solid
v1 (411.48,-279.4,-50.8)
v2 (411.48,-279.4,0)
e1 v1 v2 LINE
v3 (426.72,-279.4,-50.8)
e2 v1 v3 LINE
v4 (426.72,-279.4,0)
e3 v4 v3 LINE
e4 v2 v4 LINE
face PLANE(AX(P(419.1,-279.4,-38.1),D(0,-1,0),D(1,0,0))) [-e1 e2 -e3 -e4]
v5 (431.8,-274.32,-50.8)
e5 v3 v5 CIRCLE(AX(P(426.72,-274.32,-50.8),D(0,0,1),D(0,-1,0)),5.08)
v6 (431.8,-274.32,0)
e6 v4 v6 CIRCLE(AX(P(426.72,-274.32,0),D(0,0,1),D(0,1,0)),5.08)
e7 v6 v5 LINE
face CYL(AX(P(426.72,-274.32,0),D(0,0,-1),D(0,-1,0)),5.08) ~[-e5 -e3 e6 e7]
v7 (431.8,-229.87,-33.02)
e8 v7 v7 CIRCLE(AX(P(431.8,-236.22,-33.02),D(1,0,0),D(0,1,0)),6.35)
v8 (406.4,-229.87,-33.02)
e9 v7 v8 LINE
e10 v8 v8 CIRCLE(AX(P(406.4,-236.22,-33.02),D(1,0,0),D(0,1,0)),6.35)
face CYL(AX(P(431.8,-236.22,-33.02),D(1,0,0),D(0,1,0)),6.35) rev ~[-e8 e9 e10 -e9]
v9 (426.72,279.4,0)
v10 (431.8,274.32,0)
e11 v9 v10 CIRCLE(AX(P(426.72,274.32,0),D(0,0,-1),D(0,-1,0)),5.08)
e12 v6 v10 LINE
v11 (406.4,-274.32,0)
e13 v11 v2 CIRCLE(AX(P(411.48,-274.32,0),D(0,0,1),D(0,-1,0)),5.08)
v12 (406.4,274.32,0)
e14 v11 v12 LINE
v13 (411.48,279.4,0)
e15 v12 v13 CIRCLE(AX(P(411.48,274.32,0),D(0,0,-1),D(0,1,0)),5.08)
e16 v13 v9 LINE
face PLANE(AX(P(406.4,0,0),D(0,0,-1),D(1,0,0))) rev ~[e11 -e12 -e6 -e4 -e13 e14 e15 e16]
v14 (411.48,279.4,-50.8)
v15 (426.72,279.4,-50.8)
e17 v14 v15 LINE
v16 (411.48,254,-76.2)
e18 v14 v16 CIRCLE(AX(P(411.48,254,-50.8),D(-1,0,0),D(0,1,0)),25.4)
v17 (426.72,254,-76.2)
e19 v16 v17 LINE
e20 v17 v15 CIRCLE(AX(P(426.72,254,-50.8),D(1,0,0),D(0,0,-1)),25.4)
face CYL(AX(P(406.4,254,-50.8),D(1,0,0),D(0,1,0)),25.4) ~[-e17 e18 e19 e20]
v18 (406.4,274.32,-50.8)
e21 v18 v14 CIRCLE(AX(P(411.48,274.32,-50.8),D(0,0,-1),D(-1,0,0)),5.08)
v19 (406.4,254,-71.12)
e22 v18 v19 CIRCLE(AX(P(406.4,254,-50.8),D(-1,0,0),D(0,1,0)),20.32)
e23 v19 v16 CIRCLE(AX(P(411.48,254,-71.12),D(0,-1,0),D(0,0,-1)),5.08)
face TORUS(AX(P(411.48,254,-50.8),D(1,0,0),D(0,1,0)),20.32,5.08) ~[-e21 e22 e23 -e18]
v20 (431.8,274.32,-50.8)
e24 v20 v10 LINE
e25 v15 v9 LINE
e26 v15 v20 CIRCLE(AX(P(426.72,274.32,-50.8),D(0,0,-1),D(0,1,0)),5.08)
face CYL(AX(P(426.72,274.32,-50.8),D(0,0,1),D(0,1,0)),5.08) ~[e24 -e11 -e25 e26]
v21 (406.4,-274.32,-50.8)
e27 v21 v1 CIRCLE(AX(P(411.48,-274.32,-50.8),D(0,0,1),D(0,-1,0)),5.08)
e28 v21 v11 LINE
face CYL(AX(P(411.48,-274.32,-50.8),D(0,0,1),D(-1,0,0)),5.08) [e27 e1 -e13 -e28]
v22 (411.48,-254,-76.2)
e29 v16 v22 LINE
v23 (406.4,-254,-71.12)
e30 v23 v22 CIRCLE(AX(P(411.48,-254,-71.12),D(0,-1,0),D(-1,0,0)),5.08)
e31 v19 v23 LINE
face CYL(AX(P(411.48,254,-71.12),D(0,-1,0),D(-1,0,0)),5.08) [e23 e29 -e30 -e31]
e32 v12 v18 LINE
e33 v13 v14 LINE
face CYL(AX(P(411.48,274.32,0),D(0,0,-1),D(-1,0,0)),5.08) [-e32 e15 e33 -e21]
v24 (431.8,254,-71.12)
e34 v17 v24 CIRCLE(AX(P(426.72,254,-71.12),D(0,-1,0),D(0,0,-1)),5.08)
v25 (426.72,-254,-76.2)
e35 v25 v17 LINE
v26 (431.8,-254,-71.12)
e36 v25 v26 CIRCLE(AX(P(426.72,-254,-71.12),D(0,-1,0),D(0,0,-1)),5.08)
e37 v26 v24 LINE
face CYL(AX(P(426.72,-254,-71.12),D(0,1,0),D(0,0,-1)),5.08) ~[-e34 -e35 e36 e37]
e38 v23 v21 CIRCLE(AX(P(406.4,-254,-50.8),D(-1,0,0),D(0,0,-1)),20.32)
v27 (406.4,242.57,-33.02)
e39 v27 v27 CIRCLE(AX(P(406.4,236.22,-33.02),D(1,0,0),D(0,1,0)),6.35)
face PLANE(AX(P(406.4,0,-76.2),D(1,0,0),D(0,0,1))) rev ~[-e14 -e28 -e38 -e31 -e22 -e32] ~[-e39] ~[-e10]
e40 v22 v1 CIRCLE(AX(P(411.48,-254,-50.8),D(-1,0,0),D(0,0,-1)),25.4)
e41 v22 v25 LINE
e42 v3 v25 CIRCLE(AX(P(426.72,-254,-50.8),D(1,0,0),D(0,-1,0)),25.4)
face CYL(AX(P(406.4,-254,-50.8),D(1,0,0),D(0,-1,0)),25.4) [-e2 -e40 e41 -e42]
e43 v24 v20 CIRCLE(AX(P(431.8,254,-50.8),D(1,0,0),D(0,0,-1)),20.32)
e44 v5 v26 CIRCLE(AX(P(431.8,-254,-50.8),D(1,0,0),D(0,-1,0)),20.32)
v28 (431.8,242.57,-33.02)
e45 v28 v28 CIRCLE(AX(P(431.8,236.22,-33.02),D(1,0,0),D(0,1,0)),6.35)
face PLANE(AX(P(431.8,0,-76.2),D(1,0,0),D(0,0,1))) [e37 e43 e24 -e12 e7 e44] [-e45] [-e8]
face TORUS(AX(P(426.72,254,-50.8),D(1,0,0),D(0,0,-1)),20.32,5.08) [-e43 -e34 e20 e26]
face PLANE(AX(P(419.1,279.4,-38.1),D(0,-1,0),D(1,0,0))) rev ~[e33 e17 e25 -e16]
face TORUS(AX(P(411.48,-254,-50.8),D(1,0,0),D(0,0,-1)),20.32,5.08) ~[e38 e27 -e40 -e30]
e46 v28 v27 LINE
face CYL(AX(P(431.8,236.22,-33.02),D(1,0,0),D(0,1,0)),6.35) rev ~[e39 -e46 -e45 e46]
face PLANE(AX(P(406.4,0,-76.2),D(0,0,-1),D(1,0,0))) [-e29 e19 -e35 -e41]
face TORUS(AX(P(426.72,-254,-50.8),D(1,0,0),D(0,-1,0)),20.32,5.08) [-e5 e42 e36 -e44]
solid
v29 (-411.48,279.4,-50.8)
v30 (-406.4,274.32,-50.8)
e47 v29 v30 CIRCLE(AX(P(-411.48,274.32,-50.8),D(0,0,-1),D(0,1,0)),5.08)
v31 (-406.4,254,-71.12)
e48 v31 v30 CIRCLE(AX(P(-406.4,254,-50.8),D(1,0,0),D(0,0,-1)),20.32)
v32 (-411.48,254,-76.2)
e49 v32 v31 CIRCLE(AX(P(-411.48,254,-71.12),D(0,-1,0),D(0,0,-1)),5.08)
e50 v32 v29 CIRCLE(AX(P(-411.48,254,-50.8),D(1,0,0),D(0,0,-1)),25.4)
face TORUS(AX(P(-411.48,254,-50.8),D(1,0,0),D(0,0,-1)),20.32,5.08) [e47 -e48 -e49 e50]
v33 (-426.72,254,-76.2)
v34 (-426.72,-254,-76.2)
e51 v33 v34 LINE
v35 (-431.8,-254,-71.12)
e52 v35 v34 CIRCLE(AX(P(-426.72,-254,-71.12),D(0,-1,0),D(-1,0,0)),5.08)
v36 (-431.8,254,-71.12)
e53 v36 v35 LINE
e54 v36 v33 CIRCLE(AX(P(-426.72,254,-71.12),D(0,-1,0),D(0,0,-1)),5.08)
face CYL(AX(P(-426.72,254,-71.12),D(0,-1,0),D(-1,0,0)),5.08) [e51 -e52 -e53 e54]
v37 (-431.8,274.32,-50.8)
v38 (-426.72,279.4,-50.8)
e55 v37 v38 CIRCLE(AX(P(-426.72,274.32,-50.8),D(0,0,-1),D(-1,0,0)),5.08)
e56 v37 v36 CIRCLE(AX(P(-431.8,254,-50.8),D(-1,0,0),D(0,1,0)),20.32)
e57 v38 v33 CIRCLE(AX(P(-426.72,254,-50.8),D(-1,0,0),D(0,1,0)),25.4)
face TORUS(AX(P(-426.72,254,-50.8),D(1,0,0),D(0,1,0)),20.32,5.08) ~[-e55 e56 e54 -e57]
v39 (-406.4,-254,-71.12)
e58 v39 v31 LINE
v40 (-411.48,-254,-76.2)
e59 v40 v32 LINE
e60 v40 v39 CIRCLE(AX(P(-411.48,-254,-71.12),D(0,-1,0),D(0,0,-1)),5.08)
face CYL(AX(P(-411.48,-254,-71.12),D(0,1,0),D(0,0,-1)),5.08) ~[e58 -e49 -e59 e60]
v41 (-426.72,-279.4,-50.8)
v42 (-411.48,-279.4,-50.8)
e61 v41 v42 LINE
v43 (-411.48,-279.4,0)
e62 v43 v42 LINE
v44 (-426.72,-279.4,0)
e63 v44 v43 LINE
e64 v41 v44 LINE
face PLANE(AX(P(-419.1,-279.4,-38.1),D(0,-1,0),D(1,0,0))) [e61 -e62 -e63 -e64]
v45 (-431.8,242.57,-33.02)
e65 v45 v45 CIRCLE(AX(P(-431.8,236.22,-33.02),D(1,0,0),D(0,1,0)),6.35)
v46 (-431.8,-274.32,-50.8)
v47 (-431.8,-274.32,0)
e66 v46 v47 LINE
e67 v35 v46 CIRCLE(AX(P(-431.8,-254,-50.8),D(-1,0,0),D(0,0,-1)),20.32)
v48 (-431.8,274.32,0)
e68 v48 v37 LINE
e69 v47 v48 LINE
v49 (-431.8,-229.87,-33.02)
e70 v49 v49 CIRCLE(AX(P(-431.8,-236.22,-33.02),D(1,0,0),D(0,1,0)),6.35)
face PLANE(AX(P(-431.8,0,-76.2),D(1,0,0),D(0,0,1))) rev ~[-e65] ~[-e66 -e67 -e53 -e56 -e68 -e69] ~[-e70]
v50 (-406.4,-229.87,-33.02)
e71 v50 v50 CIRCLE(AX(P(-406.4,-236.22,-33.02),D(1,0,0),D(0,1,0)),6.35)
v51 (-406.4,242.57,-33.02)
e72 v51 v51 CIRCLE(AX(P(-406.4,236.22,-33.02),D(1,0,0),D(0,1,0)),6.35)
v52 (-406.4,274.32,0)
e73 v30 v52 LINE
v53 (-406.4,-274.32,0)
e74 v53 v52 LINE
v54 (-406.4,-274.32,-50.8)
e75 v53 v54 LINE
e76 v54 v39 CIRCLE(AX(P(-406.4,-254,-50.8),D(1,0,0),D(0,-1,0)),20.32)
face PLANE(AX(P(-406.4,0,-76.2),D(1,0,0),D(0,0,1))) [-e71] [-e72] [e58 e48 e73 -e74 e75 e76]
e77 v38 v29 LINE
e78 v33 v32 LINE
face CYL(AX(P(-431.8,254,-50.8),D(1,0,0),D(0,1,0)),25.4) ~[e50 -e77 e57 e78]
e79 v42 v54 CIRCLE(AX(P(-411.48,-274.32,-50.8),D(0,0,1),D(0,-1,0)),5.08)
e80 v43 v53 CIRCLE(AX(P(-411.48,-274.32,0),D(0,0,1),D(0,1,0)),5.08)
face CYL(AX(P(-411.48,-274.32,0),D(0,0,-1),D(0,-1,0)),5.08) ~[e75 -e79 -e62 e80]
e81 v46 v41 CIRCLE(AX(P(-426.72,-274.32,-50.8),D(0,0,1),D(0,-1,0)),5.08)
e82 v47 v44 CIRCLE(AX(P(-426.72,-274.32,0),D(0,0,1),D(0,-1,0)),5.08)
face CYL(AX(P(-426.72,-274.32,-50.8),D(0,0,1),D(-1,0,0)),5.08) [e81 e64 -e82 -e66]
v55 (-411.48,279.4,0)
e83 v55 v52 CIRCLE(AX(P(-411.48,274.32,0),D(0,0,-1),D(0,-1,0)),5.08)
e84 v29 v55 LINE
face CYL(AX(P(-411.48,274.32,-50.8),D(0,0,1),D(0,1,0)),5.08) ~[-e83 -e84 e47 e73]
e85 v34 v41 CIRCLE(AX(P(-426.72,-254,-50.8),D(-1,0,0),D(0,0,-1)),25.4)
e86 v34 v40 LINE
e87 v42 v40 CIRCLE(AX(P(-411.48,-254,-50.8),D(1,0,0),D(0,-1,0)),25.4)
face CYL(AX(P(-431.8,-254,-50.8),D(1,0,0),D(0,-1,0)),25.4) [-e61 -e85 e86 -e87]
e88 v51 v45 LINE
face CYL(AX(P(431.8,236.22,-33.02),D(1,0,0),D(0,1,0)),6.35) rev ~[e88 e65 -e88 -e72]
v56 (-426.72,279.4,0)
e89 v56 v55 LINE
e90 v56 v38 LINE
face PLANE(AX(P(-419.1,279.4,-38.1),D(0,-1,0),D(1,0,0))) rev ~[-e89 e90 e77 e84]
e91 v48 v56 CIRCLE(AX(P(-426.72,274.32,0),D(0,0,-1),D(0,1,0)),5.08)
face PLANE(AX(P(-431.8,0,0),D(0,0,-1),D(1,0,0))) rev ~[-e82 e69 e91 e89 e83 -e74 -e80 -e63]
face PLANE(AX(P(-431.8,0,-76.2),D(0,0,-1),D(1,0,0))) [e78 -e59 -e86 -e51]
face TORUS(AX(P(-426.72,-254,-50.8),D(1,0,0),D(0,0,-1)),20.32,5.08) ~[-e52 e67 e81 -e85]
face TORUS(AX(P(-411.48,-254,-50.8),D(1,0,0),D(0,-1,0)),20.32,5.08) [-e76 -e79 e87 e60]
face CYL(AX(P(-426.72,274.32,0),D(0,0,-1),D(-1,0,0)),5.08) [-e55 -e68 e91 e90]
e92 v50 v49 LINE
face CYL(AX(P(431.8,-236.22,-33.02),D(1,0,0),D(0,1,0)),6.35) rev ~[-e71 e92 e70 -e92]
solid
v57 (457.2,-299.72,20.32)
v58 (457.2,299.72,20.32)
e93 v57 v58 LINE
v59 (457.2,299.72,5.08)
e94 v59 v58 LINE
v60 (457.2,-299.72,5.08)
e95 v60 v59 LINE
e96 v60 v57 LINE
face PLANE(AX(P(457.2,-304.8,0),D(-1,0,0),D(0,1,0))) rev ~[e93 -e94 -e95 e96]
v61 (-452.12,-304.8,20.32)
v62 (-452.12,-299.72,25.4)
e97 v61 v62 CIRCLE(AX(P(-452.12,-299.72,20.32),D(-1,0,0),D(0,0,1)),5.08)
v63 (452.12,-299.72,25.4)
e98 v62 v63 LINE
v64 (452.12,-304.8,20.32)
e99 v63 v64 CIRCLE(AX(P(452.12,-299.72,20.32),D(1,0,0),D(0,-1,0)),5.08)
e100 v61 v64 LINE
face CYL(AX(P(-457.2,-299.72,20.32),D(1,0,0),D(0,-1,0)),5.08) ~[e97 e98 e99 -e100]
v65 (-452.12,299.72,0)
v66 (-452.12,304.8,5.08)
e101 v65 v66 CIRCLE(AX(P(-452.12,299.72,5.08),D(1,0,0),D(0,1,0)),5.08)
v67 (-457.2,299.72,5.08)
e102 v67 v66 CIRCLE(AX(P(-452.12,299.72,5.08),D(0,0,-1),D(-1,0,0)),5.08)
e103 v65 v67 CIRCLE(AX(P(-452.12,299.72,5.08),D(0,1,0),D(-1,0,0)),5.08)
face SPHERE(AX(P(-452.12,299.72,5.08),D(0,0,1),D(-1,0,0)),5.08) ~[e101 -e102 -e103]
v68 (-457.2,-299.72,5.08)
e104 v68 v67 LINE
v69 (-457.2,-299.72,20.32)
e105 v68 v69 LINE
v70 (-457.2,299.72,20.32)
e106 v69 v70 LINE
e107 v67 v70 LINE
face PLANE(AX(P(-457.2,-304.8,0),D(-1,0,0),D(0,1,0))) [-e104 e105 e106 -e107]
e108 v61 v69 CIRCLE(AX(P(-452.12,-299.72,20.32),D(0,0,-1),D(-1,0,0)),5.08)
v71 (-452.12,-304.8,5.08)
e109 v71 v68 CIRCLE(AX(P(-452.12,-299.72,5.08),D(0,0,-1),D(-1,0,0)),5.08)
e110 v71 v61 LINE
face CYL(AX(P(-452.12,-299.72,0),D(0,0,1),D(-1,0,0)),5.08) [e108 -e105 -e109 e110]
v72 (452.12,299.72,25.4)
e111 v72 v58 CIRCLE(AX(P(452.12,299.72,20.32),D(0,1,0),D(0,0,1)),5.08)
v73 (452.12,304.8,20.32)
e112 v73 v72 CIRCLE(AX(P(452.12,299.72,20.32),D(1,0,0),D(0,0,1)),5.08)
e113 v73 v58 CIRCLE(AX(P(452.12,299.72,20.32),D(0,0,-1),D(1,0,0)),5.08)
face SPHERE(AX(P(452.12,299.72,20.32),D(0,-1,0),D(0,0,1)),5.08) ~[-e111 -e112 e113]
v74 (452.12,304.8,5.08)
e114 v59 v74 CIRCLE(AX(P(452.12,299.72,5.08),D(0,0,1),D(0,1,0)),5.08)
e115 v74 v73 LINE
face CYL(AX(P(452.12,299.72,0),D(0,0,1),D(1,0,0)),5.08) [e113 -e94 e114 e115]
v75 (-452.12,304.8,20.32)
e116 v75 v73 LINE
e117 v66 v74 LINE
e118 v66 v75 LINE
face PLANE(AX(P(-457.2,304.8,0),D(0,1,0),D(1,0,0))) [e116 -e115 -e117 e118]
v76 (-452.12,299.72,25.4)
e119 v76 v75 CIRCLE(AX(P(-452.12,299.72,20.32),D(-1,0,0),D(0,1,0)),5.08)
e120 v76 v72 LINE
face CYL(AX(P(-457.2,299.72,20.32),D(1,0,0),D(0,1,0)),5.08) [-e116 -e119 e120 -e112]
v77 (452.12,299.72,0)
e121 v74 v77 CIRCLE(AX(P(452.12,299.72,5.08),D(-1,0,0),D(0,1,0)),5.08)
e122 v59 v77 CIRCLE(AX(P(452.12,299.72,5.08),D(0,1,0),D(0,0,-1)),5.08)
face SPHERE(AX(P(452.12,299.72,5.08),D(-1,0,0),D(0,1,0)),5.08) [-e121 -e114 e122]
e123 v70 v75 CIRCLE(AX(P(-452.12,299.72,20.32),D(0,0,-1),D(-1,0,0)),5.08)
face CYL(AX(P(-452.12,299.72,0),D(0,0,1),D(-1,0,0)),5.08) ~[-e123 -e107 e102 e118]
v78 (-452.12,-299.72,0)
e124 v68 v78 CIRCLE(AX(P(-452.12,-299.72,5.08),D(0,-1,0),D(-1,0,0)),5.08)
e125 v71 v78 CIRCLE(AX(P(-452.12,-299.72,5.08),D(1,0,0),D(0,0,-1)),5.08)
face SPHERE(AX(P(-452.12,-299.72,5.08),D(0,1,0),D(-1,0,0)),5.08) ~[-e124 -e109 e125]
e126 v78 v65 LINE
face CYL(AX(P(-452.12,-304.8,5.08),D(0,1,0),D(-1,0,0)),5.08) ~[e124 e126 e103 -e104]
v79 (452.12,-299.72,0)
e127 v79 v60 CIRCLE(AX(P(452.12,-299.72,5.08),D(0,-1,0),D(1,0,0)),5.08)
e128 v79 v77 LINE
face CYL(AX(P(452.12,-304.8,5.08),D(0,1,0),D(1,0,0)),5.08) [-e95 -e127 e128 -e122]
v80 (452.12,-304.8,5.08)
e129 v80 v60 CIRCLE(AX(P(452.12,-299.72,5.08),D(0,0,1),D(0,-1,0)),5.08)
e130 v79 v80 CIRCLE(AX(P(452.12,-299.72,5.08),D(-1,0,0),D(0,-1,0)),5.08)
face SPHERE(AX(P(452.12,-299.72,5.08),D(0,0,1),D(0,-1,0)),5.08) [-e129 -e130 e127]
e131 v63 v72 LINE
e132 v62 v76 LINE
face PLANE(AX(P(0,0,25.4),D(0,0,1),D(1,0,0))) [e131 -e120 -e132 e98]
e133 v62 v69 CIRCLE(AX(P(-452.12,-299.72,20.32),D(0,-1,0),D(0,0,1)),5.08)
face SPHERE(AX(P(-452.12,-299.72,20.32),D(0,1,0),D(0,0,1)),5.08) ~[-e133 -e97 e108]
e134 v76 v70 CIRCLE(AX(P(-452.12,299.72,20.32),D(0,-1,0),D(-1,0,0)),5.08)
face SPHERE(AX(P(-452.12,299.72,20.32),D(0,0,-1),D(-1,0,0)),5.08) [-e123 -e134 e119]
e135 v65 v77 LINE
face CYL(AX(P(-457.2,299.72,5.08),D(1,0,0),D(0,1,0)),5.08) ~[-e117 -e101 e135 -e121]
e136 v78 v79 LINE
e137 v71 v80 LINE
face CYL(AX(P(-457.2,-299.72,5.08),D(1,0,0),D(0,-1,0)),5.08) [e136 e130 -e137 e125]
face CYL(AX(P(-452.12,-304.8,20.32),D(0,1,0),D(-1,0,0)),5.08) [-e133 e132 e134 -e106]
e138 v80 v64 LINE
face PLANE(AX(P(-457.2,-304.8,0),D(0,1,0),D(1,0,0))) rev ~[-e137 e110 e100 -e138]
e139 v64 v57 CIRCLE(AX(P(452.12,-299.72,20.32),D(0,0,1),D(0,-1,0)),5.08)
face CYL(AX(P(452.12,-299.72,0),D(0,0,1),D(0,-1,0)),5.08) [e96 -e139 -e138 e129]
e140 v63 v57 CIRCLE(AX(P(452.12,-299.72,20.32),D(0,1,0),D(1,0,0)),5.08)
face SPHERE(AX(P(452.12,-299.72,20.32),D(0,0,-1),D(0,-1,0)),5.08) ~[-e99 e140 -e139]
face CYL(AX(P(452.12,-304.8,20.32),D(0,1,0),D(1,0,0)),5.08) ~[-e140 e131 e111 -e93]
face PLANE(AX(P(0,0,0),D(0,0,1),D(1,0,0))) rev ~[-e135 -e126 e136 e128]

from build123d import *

# Parameters (mm, degrees)
F1_W     = 914.4
F1_H     = 609.6
F2_DEPTH = 25.4
F3_R     = 5.08
F4_W     = 25.4
F4_H     = 76.2
F5_DEPTH = 279.4
F6_R     = 25.4
F6_2_R   = 25.4
F7_R     = 5.08
F7_2_R   = 5.08
F8_R     = 6.35
F9_DEPTH = 863.6


with BuildPart() as f2:
    # F1 (on Top) → F2 (new body)
    with BuildSketch(Plane.XY):
        Rectangle(F1_W, F1_H)
    extrude(amount=F2_DEPTH)

    # F3
    f3_edges = [f2.edges().sort_by_distance(p)[0] for p in [
        (-457.2, 304.8, 12.7),
        (-457.2, 0, 25.4),
        (457.2, -304.8, 12.7),
        (0, -304.8, 25.4),
        (-457.2, 0, 0),
        (457.2, 0, 25.4),
        (0, 304.8, 25.4),
        (-457.2, -304.8, 12.7),
        (0, -304.8, 0),
        (0, 304.8, 0),
        (457.2, 304.8, 12.7),
        (457.2, 0, 0),
    ]]
    fillet(f3_edges, radius=F3_R)


with BuildPart() as f5:
    # F4 (on Front) → F5 (new body, symmetric)
    with BuildSketch(Plane.XZ):
        with Locations((-419.1, -38.1)):
            Rectangle(F4_W, F4_H)
    extrude(amount=F5_DEPTH, both=True)

    # F6
    f6_edges = [f5.edges().sort_by_distance(p)[0] for p in [
        (-419.1, -279.4, -76.2),
        (-419.1, 279.4, -76.2),
    ]]
    fillet(f6_edges, radius=F6_R)

    # F7#2
    f7_2_edges = [f5.edges().sort_by_distance(p)[0] for p in [
        (-406.4, -271.960512, -68.760512),
        (-406.4, 271.960512, -68.760512),
        (-431.8, 271.960512, -68.760512),
        (-431.8, -271.960512, -68.760512),
        (-406.4, 279.4, -25.4),
        (-406.4, 0, -76.2),
        (-406.4, -279.4, -25.4),
        (-419.1, -279.4, -50.8),
        (-419.1, 279.4, -50.8),
        (-431.8, 279.4, -25.4),
        (-419.1, -254, -76.2),
        (-431.8, -279.4, -25.4),
        (-419.1, 254, -76.2),
        (-431.8, 0, -76.2),
    ]]
    fillet(f7_2_edges, radius=F7_2_R)


with BuildPart() as f5b:
    # F4 (on Front) → F5, piece 2 (new body, symmetric)
    with BuildSketch(Plane.XZ):
        with Locations((419.1, -38.1)):
            Rectangle(F4_W, F4_H)
    extrude(amount=F5_DEPTH, both=True)

    # F6#2
    f6_2_edges = [f5b.edges().sort_by_distance(p)[0] for p in [
        (419.1, -279.4, -76.2),
        (419.1, 279.4, -76.2),
    ]]
    fillet(f6_2_edges, radius=F6_2_R)

    # F7
    f7_edges = [f5b.edges().sort_by_distance(p)[0] for p in [
        (431.8, -271.960512, -68.760512),
        (431.8, 271.960512, -68.760512),
        (431.8, -279.4, -25.4),
        (431.8, 279.4, -25.4),
        (406.4, 271.960512, -68.760512),
        (431.8, 0, -76.2),
        (406.4, -271.960512, -68.760512),
        (406.4, 0, -76.2),
        (406.4, -279.4, -25.4),
        (419.1, -254, -76.2),
        (419.1, 254, -76.2),
        (406.4, 279.4, -25.4),
        (419.1, 279.4, -50.8),
        (419.1, -279.4, -50.8),
    ]]
    fillet(f7_edges, radius=F7_R)


with BuildPart() as f9_tool:
    # F8 (on face) → F9 (new body, through all)
    with BuildSketch(Plane.YZ.offset(431.8)):
        with Locations((-236.22, -33.02)):
            Circle(F8_R)
        with Locations((236.22, -33.02)):
            Circle(F8_R)
    extrude(amount=-F9_DEPTH)


with BuildPart() as f5_1:
    add(f5.part)

    # F9: cut by f9_tool
    add(f9_tool.part, mode=Mode.SUBTRACT)


with BuildPart() as f5b_1:
    add(f5b.part)

    # F9: cut by f9_tool
    add(f9_tool.part, mode=Mode.SUBTRACT)


solid = Compound([f2.part, f5_1.part, f5b_1.part])
